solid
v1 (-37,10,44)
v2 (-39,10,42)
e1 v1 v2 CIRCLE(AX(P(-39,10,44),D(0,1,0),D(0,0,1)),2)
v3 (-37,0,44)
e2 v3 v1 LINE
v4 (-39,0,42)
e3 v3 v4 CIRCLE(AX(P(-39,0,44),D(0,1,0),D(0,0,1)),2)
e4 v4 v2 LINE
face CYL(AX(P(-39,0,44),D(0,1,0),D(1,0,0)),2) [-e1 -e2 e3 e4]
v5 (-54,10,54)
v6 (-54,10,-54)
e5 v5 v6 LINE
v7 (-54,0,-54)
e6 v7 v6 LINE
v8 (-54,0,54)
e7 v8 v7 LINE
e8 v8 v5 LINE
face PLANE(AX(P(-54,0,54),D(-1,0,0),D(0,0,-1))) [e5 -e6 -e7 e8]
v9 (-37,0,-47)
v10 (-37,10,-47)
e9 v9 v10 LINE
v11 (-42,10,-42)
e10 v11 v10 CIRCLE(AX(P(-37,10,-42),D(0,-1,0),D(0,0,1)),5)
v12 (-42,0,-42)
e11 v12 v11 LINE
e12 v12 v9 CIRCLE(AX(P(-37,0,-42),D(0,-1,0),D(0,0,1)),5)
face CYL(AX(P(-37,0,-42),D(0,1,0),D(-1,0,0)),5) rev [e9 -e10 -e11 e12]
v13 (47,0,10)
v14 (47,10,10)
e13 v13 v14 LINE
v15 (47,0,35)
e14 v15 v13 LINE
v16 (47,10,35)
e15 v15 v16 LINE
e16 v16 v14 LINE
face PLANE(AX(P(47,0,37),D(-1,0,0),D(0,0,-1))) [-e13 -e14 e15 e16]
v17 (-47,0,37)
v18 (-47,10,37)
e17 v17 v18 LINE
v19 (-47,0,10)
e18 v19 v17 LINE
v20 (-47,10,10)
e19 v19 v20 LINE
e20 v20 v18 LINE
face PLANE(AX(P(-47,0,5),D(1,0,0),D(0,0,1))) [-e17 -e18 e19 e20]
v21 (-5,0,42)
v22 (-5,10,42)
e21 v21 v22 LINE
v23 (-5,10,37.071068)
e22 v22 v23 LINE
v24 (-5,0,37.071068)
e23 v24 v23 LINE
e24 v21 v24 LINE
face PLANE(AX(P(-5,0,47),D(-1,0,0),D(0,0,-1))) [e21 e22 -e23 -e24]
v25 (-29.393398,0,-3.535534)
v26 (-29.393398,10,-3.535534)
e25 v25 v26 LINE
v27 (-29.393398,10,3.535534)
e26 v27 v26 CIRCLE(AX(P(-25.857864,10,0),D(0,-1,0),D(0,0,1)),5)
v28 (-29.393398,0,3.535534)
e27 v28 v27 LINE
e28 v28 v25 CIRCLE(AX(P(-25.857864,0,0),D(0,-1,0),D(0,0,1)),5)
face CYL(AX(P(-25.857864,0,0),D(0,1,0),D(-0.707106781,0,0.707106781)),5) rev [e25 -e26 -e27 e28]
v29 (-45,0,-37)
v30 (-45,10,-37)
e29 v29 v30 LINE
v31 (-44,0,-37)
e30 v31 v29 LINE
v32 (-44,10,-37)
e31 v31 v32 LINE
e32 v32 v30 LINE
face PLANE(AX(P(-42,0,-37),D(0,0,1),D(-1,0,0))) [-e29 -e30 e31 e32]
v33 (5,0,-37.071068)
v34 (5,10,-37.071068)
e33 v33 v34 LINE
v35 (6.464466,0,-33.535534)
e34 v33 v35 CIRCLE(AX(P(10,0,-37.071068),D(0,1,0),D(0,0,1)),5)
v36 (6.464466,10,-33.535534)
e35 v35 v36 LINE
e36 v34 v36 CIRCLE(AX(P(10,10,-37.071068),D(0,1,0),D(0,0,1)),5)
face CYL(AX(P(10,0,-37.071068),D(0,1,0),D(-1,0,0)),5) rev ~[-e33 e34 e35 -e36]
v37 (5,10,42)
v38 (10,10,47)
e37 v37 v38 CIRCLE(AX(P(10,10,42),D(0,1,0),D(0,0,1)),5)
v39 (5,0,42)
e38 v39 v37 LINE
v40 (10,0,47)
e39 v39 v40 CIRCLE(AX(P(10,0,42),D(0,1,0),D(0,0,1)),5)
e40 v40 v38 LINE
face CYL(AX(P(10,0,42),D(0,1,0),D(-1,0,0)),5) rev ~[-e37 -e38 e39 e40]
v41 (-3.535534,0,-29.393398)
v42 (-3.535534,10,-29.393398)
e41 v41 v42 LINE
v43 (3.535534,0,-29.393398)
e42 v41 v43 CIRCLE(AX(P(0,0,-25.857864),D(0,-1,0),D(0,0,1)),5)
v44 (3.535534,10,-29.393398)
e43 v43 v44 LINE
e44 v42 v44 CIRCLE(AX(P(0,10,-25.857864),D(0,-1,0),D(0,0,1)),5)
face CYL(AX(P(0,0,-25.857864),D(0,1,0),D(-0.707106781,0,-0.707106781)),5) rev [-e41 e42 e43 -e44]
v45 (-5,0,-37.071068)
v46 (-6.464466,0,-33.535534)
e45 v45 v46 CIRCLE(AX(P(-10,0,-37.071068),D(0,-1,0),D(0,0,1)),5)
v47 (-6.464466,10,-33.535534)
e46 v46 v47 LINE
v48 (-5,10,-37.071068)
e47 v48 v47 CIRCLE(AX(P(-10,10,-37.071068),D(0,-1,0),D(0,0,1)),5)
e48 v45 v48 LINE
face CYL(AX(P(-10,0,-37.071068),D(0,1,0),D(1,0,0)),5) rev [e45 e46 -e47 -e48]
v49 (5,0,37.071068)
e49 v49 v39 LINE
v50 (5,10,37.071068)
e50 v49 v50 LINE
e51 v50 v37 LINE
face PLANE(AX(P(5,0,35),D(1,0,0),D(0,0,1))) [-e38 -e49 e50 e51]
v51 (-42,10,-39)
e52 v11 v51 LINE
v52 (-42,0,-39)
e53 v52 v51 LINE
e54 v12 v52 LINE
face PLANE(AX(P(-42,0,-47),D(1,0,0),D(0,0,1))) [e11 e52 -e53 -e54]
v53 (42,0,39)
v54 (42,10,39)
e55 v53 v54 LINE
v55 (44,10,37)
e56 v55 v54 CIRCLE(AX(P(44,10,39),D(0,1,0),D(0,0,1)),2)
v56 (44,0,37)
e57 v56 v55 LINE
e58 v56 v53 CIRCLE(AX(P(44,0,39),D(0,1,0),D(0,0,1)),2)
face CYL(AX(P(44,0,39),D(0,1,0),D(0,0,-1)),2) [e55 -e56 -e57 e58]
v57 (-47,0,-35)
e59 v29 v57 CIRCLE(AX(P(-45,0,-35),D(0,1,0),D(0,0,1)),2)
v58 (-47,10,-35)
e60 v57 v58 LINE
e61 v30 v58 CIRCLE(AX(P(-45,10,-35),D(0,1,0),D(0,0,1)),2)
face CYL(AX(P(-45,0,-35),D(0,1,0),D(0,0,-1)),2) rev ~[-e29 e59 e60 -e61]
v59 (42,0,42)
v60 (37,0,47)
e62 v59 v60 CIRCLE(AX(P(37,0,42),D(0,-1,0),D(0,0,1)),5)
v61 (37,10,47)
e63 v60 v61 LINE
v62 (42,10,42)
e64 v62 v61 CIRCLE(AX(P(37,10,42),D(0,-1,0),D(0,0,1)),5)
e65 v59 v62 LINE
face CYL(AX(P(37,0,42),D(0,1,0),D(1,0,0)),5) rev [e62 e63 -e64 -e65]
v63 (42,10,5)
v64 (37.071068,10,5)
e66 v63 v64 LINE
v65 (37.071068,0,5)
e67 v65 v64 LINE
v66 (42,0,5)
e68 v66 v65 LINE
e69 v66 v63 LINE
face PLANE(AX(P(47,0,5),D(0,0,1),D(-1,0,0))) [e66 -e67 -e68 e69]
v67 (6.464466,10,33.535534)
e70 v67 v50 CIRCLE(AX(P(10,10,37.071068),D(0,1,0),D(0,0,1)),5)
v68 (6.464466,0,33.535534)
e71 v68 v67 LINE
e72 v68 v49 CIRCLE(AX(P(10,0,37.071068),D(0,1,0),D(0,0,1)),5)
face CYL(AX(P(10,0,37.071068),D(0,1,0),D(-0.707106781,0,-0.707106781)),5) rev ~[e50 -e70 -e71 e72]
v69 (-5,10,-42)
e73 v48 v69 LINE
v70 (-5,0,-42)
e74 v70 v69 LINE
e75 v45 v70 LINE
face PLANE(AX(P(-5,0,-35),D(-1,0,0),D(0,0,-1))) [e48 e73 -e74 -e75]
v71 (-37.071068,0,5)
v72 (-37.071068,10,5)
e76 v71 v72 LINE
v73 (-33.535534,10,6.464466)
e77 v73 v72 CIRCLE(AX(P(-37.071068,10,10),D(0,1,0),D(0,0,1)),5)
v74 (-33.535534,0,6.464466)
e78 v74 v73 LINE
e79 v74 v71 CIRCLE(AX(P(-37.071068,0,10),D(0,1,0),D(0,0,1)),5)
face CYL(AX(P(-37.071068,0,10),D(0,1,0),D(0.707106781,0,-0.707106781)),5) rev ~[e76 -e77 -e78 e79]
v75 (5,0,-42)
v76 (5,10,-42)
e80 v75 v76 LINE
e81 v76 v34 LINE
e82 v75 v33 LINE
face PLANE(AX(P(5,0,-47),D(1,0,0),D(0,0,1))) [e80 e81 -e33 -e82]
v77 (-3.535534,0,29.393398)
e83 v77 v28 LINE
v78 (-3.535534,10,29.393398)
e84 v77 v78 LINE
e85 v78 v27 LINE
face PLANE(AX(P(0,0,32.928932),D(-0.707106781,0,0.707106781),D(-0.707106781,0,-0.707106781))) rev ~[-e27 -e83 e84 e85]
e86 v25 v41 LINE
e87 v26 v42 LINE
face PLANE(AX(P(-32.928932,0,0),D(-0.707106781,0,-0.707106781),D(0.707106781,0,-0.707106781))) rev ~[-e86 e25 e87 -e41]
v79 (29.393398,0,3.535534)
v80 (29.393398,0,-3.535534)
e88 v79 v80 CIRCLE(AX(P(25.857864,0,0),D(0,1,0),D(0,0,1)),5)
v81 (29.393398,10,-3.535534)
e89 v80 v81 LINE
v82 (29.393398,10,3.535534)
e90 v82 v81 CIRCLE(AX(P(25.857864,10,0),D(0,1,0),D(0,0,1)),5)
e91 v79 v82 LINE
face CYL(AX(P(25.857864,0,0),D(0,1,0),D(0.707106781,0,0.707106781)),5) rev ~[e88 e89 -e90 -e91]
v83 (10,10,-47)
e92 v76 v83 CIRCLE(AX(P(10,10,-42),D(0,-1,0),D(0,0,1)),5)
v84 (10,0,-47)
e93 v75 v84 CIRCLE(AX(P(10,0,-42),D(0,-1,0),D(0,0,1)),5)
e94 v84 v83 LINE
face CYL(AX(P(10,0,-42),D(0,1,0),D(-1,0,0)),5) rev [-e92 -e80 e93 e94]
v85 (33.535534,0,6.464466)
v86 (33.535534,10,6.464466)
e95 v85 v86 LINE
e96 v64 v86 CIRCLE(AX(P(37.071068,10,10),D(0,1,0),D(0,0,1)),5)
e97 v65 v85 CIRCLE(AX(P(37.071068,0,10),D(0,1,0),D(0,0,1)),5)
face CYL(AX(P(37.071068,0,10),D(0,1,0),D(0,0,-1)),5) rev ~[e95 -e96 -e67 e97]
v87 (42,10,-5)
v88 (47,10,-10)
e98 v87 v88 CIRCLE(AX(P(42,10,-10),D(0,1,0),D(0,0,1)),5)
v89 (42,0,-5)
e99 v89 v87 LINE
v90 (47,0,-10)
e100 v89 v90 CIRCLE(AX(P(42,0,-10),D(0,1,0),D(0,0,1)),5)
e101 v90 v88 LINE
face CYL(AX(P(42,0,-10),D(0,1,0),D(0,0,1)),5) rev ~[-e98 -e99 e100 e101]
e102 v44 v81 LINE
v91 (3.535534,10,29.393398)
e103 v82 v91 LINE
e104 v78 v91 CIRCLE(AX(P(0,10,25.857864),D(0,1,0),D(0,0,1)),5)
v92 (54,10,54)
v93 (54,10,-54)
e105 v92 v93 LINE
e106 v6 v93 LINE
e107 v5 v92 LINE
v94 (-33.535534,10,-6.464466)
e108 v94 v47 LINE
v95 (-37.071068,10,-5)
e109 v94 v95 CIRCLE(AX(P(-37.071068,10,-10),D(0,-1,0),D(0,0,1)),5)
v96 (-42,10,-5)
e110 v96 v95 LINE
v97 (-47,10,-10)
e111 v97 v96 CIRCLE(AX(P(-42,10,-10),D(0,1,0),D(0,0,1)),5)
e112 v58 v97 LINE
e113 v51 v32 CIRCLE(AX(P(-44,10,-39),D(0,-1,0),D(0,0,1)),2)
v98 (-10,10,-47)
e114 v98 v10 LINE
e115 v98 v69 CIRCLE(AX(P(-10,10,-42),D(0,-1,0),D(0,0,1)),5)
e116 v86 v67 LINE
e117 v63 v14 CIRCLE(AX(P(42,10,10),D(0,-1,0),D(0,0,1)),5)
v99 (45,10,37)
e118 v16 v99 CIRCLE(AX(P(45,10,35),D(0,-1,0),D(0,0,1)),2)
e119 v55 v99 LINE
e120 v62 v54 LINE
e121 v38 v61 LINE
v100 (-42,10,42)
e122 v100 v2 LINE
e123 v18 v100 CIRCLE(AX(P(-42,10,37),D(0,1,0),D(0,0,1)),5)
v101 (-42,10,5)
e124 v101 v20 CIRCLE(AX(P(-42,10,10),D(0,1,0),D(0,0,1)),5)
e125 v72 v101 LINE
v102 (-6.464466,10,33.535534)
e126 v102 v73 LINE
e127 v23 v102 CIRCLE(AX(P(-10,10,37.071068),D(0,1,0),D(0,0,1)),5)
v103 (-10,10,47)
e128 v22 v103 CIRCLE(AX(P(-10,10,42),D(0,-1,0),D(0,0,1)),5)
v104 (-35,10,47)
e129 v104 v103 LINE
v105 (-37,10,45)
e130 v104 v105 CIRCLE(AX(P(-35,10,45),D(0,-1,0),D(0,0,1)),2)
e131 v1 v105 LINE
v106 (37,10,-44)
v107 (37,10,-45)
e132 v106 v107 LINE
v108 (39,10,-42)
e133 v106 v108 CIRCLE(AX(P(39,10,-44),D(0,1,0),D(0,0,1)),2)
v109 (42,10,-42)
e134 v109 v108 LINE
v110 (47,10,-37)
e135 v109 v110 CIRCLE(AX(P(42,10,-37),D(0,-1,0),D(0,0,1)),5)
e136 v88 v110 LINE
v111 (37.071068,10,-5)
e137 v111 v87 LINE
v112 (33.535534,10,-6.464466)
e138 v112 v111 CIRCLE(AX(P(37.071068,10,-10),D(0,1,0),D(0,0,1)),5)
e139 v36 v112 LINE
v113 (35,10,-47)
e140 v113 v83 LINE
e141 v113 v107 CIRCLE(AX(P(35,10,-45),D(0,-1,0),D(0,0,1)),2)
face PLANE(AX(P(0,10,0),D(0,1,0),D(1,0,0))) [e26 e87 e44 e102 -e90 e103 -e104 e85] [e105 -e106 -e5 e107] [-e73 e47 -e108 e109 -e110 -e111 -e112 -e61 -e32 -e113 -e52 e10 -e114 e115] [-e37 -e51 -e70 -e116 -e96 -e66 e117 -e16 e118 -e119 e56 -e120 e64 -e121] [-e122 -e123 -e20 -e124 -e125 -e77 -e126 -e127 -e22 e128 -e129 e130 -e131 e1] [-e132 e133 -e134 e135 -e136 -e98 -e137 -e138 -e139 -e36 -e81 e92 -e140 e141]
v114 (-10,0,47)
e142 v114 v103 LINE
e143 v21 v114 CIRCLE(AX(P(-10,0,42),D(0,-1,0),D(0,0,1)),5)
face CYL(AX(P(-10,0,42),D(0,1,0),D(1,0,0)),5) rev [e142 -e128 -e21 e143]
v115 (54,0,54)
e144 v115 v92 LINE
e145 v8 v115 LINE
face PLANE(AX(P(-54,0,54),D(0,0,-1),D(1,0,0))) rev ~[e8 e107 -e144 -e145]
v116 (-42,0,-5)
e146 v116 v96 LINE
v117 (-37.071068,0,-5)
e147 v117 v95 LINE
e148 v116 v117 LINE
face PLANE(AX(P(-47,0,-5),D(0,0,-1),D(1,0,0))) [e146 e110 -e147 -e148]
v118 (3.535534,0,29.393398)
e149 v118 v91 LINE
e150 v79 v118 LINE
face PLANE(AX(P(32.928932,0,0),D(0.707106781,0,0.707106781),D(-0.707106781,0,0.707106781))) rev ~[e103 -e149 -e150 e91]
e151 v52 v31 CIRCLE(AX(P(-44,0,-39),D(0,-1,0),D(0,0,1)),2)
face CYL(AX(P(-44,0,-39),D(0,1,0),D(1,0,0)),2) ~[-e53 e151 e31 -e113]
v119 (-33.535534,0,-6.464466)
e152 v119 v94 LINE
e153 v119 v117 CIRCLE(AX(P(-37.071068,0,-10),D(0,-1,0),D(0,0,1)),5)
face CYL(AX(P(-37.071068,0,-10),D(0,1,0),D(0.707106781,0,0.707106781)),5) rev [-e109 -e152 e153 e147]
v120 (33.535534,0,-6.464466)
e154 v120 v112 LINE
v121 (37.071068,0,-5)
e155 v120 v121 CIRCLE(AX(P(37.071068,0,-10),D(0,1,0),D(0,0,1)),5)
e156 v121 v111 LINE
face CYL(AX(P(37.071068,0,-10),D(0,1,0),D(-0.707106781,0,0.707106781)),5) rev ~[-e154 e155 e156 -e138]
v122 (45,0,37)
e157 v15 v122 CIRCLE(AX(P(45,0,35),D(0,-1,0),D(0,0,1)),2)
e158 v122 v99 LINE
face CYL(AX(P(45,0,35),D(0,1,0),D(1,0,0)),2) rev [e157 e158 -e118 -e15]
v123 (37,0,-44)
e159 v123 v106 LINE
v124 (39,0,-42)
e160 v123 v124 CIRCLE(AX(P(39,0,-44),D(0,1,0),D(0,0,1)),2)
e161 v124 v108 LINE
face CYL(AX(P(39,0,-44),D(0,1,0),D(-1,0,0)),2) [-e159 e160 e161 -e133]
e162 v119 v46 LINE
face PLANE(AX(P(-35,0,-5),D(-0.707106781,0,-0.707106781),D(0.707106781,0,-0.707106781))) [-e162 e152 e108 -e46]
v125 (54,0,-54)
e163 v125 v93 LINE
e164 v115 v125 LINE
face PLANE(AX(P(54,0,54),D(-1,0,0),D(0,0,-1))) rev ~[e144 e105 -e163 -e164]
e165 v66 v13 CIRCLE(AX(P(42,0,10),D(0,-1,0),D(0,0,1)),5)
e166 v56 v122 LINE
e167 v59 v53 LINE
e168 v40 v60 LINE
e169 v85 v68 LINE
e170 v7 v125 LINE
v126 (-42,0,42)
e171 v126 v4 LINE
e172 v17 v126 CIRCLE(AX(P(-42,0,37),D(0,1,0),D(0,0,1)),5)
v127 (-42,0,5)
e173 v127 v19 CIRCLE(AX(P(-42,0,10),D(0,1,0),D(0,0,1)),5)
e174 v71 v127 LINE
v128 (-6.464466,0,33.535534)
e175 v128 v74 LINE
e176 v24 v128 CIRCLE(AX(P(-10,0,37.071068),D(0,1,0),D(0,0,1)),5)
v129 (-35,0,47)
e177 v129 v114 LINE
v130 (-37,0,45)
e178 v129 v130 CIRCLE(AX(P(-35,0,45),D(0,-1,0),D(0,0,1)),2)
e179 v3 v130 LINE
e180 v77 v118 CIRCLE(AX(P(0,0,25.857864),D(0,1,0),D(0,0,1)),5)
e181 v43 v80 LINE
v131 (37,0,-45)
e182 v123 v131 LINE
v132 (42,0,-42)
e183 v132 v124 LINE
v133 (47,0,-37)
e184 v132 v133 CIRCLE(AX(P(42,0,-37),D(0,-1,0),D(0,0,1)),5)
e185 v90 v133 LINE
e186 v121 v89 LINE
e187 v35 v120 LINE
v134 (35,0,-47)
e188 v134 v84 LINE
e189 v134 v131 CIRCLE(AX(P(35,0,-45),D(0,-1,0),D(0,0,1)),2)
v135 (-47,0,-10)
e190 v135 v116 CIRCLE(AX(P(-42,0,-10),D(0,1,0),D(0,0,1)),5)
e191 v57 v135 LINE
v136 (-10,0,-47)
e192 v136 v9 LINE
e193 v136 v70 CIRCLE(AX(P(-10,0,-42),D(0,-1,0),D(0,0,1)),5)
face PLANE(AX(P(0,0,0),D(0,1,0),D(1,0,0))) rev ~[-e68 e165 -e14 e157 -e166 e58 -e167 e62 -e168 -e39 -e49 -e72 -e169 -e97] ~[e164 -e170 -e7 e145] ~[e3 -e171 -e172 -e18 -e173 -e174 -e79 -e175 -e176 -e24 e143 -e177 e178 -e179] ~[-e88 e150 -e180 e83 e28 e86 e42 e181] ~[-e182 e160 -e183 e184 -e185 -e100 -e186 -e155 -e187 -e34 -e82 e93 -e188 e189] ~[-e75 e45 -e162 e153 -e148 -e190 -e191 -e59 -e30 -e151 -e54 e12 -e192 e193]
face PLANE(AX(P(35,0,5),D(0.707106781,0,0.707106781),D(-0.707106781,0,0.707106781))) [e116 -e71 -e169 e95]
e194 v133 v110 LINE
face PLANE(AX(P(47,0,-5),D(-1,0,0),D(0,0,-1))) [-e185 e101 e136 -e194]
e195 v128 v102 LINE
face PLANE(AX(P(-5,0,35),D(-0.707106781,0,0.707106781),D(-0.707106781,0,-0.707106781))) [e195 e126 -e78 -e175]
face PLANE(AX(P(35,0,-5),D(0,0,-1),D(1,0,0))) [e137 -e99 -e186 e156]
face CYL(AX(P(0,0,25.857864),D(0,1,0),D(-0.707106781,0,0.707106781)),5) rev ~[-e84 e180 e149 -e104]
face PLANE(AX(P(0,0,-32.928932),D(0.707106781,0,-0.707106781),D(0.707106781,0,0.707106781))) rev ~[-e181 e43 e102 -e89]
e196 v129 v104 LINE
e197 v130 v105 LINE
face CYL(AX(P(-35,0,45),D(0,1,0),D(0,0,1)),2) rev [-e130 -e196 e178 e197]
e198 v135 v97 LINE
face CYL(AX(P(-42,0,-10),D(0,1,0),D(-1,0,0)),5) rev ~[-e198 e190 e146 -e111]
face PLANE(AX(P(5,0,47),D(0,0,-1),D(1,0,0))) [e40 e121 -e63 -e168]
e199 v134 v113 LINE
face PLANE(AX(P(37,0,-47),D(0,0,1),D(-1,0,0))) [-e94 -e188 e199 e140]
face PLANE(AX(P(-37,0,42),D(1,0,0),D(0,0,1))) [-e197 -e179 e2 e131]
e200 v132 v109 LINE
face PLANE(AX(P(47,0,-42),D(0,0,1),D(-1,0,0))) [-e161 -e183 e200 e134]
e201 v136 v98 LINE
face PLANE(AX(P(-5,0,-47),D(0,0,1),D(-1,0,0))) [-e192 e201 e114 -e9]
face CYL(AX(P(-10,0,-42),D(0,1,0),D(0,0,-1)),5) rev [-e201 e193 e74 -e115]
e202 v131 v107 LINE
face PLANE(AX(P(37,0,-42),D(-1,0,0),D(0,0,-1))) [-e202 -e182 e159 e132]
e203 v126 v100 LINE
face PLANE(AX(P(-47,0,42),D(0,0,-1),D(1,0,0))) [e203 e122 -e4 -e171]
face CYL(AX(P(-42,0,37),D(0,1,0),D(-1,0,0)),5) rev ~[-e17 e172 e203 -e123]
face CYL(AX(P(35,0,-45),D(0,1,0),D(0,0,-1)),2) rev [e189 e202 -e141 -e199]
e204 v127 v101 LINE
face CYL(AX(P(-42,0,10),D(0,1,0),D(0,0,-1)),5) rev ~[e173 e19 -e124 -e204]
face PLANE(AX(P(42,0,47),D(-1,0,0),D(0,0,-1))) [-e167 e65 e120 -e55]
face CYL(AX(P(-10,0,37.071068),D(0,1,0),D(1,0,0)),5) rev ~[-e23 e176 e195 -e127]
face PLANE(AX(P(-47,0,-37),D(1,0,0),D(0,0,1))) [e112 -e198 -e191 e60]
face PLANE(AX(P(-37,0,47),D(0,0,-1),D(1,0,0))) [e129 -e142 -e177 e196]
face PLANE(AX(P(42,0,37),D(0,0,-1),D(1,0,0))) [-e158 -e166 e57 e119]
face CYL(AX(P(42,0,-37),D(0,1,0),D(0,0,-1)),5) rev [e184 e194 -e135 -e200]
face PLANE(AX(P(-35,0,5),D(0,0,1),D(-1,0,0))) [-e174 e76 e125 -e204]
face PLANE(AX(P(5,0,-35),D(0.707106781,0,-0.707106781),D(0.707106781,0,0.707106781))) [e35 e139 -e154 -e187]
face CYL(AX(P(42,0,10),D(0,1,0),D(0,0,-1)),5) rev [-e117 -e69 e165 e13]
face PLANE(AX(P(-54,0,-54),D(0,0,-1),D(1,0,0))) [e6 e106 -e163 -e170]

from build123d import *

# Parameters (mm, degrees)
SKETCH1_W           = 108
SKETCH1_H           = 108
BOSS_EXTRUDE1_DEPTH = 10
FILLET1_R           = 5
FILLET3_R           = 2


with BuildPart() as part:
    # Sketch1 → Boss-Extrude1 (new body)
    with BuildSketch(Plane(origin=(0, 0, 0), x_dir=(1, 0, 0), z_dir=(0, 1, 0))):
        Rectangle(SKETCH1_W, SKETCH1_H)
        Polygon((-42, 47), (-42, 37), (-47, 37), (-47, 5), (-35, 5), (-5, 35), (-5, 47), align=None, mode=Mode.SUBTRACT)
        Polygon((-32.928932188, 0), (0, 32.928932188), (32.928932188, 0), (0, -32.928932188), align=None, mode=Mode.SUBTRACT)
        Polygon((5, 47), (5, 35), (35, 5), (47, 5), (47, 42), (37, 42), (37, 47), align=None, mode=Mode.SUBTRACT)
        Polygon((47, -5), (35, -5), (5, -35), (5, -47), (42, -47), (42, -37), (47, -37), align=None, mode=Mode.SUBTRACT)
        Polygon((-5, -47), (-5, -35), (-35, -5), (-47, -5), (-47, -42), (-37, -42), (-37, -47), align=None, mode=Mode.SUBTRACT)
    extrude(amount=BOSS_EXTRUDE1_DEPTH)

    # Fillet1
    fillet1_edges = [part.edges().sort_by_distance(p)[0] for p in [
        (-5, 5, -35),
        (-5, 5, -47),
        (-42, 5, -47),
        (-47, 5, -5),
        (-35, 5, -5),
        (-32.928932188, 5, 0),
        (0, 5, 32.928932188),
        (32.928932188, 5, 0),
        (0, 5, -32.928932188),
        (5, 5, -35),
        (35, 5, -5),
        (47, 5, -5),
        (47, 5, -42),
        (5, 5, -47),
        (35, 5, 5),
        (5, 5, 35),
        (5, 5, 47),
        (42, 5, 47),
        (47, 5, 5),
        (-5, 5, 35),
        (-35, 5, 5),
        (-47, 5, 5),
        (-47, 5, 42),
        (-5, 5, 47),
    ]]
    fillet(fillet1_edges, radius=FILLET1_R)

    # Fillet3
    fillet3_edges = [part.edges().sort_by_distance(p)[0] for p in [
        (-42, 5, -37),
        (-47, 5, -37),
        (37, 5, -42),
        (37, 5, -47),
        (42, 5, 37),
        (47, 5, 37),
        (-37, 5, 42),
        (-37, 5, 47),
    ]]
    fillet(fillet3_edges, radius=FILLET3_R)


solid = part.part
